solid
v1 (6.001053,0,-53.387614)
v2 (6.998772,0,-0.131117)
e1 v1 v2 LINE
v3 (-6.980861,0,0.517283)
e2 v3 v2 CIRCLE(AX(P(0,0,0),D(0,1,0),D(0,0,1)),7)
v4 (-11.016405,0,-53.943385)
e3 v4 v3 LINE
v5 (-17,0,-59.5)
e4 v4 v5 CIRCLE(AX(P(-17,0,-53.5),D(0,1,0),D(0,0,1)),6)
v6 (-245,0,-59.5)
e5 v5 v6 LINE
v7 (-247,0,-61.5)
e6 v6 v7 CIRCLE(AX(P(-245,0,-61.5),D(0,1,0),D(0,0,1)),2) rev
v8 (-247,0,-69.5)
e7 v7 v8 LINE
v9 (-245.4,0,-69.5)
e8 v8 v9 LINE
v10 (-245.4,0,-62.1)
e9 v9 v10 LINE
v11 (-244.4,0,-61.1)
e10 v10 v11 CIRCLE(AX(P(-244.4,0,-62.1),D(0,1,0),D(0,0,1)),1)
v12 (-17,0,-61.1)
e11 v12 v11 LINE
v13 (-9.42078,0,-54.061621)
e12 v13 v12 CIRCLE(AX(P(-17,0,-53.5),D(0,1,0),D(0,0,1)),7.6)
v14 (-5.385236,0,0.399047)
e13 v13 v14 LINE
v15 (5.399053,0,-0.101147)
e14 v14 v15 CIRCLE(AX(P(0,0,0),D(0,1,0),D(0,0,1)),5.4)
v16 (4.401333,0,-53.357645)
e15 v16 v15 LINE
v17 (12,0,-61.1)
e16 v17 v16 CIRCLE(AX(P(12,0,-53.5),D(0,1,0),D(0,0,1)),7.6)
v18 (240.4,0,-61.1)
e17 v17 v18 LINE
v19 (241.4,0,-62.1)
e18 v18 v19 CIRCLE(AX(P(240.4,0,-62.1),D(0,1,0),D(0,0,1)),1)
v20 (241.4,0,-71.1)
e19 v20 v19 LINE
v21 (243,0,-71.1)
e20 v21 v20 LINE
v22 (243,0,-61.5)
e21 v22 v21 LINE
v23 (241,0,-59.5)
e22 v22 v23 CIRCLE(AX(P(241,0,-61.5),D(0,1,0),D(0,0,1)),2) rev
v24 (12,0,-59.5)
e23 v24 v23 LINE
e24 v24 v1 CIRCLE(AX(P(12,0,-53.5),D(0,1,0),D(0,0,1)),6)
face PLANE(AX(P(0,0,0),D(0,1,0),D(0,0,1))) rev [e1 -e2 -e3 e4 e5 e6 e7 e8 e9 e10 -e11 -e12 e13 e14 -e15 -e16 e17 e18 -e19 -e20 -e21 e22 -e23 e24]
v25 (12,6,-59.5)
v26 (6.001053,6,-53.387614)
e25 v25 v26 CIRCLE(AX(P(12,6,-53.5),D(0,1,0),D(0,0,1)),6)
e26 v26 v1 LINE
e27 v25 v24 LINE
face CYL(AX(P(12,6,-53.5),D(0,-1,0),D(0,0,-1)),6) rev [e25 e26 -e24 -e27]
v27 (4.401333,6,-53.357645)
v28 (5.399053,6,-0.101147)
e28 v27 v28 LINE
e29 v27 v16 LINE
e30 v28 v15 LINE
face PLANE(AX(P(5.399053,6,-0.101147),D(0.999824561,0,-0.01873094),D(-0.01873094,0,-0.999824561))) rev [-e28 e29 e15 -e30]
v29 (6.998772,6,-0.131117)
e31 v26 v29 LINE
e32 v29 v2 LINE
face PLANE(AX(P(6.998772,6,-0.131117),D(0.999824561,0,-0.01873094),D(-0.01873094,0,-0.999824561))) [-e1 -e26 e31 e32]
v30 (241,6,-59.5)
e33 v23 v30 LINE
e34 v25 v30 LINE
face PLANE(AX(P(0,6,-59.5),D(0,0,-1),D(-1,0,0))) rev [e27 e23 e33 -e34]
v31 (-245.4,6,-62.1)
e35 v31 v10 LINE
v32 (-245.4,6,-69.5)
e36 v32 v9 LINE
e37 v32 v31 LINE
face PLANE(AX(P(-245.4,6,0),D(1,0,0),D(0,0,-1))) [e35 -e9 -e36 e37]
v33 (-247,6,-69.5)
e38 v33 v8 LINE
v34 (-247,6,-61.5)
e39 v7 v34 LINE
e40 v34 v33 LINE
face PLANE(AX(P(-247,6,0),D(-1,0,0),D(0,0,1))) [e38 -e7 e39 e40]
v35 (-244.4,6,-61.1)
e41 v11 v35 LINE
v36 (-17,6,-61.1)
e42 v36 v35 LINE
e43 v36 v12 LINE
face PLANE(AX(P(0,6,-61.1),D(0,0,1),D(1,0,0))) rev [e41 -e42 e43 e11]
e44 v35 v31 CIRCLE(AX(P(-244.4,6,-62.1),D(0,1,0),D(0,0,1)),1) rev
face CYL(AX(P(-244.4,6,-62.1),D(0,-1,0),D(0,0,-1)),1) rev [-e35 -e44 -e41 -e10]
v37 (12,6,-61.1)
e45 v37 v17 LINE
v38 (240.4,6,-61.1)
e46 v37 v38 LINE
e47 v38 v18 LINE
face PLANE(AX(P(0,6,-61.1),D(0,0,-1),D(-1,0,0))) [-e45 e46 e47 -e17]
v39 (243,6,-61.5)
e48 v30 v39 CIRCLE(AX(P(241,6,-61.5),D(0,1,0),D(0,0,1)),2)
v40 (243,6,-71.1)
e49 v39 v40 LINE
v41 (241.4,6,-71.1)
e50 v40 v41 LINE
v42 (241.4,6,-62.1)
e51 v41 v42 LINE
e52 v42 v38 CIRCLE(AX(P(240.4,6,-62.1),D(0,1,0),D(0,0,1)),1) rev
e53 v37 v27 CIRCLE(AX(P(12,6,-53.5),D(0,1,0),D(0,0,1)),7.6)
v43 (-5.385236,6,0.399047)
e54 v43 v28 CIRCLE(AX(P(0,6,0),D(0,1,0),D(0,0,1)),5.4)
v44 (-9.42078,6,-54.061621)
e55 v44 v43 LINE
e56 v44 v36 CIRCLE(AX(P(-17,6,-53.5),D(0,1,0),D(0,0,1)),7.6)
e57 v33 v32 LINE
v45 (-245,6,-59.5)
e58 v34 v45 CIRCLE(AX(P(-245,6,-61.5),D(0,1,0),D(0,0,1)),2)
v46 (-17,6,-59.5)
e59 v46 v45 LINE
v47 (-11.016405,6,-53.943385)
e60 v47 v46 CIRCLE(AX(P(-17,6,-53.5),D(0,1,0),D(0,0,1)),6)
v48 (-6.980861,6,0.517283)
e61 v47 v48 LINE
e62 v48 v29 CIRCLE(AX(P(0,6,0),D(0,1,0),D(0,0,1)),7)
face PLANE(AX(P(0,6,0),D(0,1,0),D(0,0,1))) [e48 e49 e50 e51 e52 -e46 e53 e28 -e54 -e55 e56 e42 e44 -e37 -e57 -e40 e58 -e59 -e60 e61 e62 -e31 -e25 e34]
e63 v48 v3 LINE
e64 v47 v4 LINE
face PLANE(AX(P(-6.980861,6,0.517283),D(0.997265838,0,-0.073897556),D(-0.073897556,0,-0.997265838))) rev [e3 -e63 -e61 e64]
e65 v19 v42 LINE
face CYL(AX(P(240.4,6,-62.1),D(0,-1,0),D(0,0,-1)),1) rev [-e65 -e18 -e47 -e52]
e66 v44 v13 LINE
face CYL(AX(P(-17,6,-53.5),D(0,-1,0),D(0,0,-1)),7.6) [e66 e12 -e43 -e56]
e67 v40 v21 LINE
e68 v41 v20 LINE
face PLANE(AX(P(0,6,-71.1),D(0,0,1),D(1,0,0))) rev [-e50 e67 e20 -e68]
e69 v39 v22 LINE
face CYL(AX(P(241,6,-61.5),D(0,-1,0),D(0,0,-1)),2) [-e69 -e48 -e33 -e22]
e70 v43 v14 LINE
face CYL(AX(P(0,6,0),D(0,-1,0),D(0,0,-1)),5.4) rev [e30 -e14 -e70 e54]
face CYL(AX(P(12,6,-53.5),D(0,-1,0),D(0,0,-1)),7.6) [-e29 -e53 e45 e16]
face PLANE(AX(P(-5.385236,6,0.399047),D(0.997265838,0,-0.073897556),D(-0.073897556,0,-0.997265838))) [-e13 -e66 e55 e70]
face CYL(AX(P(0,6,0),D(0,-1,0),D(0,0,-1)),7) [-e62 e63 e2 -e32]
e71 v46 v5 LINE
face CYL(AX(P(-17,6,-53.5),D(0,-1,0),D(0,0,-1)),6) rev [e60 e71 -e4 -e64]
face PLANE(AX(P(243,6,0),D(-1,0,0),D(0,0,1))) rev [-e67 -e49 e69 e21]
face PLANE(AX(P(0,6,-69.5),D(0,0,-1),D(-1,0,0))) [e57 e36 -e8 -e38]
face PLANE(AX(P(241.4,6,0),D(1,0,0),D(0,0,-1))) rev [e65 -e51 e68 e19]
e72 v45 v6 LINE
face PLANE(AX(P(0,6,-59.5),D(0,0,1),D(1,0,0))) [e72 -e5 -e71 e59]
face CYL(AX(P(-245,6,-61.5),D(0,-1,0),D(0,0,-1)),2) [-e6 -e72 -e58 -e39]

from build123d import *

# Parameters (mm, degrees)
SKETCH1_W           = 1.6
SKETCH1_H           = 8.4
SKETCH1_H_2         = 1.6
SKETCH1_H_3         = 10
BOSS_EXTRUDE1_DEPTH = 6
FILLET1_R           = 1
FILLET2_R           = 2


with BuildPart() as part:
    # Sketch1 → Boss-Extrude1 (new body)
    with BuildSketch(Plane(origin=(0, 0, 0), x_dir=(1, 0, 0), z_dir=(0, 1, 0))):
        with Locations((-246.2, 65.3)):
            Rectangle(SKETCH1_W, SKETCH1_H)
        with Locations((-246.2, 60.3)):
            Rectangle(SKETCH1_W, SKETCH1_H_2)
        with BuildLine():
            Line((-245.4, 59.5), (-17, 59.5))
            ThreePointArc((-17, 59.5), (-12.917127972, 57.896607329), (-11.016404973, 53.943385336))
            Line((-11.016404973, 53.943385336), (-6.980860865, -0.517282892))
            ThreePointArc((-6.980860865, -0.517282892), (0.324323403, -6.992482701), (6.998771924, 0.131116578))
            Line((6.998771924, 0.131116578), (6.001052637, 53.387614362))
            ThreePointArc((6.001052637, 53.387614362), (7.717809332, 57.702718535), (12, 59.5))
            Line((12, 59.5), (241.4, 59.5))
            Line((241.4, 59.5), (241.4, 61.1))
            Line((241.4, 61.1), (12, 61.1))
            ThreePointArc((12, 61.1), (6.575891821, 58.823443478), (4.40133334, 53.357644858))
            Line((4.40133334, 53.357644858), (5.399052627, 0.101147074))
            ThreePointArc((5.399052627, 0.101147074), (0.250192339, -5.394200941), (-5.385235524, -0.399046802))
            Line((-5.385235524, -0.399046802), (-9.420779633, 54.061621425))
            ThreePointArc((-9.420779633, 54.061621425), (-11.828362098, 59.06903595), (-17, 61.1))
            Line((-17, 61.1), (-245.4, 61.1))
            Line((-245.4, 61.1), (-245.4, 59.5))
        make_face()
        with Locations((242.2, 60.3)):
            Rectangle(SKETCH1_W, SKETCH1_H_2)
        with Locations((242.2, 66.1)):
            Rectangle(SKETCH1_W, SKETCH1_H_3)
    extrude(amount=BOSS_EXTRUDE1_DEPTH)

    # Fillet1
    fillet1_edges = [part.edges().sort_by_distance(p)[0] for p in [
        (-245.4, 3, -61.1),
        (241.4, 3, -61.1),
    ]]
    fillet(fillet1_edges, radius=FILLET1_R)

    # Fillet2
    fillet2_edges = [part.edges().sort_by_distance(p)[0] for p in [
        (243, 3, -59.5),
        (-247, 3, -59.5),
    ]]
    fillet(fillet2_edges, radius=FILLET2_R)


solid = part.part
